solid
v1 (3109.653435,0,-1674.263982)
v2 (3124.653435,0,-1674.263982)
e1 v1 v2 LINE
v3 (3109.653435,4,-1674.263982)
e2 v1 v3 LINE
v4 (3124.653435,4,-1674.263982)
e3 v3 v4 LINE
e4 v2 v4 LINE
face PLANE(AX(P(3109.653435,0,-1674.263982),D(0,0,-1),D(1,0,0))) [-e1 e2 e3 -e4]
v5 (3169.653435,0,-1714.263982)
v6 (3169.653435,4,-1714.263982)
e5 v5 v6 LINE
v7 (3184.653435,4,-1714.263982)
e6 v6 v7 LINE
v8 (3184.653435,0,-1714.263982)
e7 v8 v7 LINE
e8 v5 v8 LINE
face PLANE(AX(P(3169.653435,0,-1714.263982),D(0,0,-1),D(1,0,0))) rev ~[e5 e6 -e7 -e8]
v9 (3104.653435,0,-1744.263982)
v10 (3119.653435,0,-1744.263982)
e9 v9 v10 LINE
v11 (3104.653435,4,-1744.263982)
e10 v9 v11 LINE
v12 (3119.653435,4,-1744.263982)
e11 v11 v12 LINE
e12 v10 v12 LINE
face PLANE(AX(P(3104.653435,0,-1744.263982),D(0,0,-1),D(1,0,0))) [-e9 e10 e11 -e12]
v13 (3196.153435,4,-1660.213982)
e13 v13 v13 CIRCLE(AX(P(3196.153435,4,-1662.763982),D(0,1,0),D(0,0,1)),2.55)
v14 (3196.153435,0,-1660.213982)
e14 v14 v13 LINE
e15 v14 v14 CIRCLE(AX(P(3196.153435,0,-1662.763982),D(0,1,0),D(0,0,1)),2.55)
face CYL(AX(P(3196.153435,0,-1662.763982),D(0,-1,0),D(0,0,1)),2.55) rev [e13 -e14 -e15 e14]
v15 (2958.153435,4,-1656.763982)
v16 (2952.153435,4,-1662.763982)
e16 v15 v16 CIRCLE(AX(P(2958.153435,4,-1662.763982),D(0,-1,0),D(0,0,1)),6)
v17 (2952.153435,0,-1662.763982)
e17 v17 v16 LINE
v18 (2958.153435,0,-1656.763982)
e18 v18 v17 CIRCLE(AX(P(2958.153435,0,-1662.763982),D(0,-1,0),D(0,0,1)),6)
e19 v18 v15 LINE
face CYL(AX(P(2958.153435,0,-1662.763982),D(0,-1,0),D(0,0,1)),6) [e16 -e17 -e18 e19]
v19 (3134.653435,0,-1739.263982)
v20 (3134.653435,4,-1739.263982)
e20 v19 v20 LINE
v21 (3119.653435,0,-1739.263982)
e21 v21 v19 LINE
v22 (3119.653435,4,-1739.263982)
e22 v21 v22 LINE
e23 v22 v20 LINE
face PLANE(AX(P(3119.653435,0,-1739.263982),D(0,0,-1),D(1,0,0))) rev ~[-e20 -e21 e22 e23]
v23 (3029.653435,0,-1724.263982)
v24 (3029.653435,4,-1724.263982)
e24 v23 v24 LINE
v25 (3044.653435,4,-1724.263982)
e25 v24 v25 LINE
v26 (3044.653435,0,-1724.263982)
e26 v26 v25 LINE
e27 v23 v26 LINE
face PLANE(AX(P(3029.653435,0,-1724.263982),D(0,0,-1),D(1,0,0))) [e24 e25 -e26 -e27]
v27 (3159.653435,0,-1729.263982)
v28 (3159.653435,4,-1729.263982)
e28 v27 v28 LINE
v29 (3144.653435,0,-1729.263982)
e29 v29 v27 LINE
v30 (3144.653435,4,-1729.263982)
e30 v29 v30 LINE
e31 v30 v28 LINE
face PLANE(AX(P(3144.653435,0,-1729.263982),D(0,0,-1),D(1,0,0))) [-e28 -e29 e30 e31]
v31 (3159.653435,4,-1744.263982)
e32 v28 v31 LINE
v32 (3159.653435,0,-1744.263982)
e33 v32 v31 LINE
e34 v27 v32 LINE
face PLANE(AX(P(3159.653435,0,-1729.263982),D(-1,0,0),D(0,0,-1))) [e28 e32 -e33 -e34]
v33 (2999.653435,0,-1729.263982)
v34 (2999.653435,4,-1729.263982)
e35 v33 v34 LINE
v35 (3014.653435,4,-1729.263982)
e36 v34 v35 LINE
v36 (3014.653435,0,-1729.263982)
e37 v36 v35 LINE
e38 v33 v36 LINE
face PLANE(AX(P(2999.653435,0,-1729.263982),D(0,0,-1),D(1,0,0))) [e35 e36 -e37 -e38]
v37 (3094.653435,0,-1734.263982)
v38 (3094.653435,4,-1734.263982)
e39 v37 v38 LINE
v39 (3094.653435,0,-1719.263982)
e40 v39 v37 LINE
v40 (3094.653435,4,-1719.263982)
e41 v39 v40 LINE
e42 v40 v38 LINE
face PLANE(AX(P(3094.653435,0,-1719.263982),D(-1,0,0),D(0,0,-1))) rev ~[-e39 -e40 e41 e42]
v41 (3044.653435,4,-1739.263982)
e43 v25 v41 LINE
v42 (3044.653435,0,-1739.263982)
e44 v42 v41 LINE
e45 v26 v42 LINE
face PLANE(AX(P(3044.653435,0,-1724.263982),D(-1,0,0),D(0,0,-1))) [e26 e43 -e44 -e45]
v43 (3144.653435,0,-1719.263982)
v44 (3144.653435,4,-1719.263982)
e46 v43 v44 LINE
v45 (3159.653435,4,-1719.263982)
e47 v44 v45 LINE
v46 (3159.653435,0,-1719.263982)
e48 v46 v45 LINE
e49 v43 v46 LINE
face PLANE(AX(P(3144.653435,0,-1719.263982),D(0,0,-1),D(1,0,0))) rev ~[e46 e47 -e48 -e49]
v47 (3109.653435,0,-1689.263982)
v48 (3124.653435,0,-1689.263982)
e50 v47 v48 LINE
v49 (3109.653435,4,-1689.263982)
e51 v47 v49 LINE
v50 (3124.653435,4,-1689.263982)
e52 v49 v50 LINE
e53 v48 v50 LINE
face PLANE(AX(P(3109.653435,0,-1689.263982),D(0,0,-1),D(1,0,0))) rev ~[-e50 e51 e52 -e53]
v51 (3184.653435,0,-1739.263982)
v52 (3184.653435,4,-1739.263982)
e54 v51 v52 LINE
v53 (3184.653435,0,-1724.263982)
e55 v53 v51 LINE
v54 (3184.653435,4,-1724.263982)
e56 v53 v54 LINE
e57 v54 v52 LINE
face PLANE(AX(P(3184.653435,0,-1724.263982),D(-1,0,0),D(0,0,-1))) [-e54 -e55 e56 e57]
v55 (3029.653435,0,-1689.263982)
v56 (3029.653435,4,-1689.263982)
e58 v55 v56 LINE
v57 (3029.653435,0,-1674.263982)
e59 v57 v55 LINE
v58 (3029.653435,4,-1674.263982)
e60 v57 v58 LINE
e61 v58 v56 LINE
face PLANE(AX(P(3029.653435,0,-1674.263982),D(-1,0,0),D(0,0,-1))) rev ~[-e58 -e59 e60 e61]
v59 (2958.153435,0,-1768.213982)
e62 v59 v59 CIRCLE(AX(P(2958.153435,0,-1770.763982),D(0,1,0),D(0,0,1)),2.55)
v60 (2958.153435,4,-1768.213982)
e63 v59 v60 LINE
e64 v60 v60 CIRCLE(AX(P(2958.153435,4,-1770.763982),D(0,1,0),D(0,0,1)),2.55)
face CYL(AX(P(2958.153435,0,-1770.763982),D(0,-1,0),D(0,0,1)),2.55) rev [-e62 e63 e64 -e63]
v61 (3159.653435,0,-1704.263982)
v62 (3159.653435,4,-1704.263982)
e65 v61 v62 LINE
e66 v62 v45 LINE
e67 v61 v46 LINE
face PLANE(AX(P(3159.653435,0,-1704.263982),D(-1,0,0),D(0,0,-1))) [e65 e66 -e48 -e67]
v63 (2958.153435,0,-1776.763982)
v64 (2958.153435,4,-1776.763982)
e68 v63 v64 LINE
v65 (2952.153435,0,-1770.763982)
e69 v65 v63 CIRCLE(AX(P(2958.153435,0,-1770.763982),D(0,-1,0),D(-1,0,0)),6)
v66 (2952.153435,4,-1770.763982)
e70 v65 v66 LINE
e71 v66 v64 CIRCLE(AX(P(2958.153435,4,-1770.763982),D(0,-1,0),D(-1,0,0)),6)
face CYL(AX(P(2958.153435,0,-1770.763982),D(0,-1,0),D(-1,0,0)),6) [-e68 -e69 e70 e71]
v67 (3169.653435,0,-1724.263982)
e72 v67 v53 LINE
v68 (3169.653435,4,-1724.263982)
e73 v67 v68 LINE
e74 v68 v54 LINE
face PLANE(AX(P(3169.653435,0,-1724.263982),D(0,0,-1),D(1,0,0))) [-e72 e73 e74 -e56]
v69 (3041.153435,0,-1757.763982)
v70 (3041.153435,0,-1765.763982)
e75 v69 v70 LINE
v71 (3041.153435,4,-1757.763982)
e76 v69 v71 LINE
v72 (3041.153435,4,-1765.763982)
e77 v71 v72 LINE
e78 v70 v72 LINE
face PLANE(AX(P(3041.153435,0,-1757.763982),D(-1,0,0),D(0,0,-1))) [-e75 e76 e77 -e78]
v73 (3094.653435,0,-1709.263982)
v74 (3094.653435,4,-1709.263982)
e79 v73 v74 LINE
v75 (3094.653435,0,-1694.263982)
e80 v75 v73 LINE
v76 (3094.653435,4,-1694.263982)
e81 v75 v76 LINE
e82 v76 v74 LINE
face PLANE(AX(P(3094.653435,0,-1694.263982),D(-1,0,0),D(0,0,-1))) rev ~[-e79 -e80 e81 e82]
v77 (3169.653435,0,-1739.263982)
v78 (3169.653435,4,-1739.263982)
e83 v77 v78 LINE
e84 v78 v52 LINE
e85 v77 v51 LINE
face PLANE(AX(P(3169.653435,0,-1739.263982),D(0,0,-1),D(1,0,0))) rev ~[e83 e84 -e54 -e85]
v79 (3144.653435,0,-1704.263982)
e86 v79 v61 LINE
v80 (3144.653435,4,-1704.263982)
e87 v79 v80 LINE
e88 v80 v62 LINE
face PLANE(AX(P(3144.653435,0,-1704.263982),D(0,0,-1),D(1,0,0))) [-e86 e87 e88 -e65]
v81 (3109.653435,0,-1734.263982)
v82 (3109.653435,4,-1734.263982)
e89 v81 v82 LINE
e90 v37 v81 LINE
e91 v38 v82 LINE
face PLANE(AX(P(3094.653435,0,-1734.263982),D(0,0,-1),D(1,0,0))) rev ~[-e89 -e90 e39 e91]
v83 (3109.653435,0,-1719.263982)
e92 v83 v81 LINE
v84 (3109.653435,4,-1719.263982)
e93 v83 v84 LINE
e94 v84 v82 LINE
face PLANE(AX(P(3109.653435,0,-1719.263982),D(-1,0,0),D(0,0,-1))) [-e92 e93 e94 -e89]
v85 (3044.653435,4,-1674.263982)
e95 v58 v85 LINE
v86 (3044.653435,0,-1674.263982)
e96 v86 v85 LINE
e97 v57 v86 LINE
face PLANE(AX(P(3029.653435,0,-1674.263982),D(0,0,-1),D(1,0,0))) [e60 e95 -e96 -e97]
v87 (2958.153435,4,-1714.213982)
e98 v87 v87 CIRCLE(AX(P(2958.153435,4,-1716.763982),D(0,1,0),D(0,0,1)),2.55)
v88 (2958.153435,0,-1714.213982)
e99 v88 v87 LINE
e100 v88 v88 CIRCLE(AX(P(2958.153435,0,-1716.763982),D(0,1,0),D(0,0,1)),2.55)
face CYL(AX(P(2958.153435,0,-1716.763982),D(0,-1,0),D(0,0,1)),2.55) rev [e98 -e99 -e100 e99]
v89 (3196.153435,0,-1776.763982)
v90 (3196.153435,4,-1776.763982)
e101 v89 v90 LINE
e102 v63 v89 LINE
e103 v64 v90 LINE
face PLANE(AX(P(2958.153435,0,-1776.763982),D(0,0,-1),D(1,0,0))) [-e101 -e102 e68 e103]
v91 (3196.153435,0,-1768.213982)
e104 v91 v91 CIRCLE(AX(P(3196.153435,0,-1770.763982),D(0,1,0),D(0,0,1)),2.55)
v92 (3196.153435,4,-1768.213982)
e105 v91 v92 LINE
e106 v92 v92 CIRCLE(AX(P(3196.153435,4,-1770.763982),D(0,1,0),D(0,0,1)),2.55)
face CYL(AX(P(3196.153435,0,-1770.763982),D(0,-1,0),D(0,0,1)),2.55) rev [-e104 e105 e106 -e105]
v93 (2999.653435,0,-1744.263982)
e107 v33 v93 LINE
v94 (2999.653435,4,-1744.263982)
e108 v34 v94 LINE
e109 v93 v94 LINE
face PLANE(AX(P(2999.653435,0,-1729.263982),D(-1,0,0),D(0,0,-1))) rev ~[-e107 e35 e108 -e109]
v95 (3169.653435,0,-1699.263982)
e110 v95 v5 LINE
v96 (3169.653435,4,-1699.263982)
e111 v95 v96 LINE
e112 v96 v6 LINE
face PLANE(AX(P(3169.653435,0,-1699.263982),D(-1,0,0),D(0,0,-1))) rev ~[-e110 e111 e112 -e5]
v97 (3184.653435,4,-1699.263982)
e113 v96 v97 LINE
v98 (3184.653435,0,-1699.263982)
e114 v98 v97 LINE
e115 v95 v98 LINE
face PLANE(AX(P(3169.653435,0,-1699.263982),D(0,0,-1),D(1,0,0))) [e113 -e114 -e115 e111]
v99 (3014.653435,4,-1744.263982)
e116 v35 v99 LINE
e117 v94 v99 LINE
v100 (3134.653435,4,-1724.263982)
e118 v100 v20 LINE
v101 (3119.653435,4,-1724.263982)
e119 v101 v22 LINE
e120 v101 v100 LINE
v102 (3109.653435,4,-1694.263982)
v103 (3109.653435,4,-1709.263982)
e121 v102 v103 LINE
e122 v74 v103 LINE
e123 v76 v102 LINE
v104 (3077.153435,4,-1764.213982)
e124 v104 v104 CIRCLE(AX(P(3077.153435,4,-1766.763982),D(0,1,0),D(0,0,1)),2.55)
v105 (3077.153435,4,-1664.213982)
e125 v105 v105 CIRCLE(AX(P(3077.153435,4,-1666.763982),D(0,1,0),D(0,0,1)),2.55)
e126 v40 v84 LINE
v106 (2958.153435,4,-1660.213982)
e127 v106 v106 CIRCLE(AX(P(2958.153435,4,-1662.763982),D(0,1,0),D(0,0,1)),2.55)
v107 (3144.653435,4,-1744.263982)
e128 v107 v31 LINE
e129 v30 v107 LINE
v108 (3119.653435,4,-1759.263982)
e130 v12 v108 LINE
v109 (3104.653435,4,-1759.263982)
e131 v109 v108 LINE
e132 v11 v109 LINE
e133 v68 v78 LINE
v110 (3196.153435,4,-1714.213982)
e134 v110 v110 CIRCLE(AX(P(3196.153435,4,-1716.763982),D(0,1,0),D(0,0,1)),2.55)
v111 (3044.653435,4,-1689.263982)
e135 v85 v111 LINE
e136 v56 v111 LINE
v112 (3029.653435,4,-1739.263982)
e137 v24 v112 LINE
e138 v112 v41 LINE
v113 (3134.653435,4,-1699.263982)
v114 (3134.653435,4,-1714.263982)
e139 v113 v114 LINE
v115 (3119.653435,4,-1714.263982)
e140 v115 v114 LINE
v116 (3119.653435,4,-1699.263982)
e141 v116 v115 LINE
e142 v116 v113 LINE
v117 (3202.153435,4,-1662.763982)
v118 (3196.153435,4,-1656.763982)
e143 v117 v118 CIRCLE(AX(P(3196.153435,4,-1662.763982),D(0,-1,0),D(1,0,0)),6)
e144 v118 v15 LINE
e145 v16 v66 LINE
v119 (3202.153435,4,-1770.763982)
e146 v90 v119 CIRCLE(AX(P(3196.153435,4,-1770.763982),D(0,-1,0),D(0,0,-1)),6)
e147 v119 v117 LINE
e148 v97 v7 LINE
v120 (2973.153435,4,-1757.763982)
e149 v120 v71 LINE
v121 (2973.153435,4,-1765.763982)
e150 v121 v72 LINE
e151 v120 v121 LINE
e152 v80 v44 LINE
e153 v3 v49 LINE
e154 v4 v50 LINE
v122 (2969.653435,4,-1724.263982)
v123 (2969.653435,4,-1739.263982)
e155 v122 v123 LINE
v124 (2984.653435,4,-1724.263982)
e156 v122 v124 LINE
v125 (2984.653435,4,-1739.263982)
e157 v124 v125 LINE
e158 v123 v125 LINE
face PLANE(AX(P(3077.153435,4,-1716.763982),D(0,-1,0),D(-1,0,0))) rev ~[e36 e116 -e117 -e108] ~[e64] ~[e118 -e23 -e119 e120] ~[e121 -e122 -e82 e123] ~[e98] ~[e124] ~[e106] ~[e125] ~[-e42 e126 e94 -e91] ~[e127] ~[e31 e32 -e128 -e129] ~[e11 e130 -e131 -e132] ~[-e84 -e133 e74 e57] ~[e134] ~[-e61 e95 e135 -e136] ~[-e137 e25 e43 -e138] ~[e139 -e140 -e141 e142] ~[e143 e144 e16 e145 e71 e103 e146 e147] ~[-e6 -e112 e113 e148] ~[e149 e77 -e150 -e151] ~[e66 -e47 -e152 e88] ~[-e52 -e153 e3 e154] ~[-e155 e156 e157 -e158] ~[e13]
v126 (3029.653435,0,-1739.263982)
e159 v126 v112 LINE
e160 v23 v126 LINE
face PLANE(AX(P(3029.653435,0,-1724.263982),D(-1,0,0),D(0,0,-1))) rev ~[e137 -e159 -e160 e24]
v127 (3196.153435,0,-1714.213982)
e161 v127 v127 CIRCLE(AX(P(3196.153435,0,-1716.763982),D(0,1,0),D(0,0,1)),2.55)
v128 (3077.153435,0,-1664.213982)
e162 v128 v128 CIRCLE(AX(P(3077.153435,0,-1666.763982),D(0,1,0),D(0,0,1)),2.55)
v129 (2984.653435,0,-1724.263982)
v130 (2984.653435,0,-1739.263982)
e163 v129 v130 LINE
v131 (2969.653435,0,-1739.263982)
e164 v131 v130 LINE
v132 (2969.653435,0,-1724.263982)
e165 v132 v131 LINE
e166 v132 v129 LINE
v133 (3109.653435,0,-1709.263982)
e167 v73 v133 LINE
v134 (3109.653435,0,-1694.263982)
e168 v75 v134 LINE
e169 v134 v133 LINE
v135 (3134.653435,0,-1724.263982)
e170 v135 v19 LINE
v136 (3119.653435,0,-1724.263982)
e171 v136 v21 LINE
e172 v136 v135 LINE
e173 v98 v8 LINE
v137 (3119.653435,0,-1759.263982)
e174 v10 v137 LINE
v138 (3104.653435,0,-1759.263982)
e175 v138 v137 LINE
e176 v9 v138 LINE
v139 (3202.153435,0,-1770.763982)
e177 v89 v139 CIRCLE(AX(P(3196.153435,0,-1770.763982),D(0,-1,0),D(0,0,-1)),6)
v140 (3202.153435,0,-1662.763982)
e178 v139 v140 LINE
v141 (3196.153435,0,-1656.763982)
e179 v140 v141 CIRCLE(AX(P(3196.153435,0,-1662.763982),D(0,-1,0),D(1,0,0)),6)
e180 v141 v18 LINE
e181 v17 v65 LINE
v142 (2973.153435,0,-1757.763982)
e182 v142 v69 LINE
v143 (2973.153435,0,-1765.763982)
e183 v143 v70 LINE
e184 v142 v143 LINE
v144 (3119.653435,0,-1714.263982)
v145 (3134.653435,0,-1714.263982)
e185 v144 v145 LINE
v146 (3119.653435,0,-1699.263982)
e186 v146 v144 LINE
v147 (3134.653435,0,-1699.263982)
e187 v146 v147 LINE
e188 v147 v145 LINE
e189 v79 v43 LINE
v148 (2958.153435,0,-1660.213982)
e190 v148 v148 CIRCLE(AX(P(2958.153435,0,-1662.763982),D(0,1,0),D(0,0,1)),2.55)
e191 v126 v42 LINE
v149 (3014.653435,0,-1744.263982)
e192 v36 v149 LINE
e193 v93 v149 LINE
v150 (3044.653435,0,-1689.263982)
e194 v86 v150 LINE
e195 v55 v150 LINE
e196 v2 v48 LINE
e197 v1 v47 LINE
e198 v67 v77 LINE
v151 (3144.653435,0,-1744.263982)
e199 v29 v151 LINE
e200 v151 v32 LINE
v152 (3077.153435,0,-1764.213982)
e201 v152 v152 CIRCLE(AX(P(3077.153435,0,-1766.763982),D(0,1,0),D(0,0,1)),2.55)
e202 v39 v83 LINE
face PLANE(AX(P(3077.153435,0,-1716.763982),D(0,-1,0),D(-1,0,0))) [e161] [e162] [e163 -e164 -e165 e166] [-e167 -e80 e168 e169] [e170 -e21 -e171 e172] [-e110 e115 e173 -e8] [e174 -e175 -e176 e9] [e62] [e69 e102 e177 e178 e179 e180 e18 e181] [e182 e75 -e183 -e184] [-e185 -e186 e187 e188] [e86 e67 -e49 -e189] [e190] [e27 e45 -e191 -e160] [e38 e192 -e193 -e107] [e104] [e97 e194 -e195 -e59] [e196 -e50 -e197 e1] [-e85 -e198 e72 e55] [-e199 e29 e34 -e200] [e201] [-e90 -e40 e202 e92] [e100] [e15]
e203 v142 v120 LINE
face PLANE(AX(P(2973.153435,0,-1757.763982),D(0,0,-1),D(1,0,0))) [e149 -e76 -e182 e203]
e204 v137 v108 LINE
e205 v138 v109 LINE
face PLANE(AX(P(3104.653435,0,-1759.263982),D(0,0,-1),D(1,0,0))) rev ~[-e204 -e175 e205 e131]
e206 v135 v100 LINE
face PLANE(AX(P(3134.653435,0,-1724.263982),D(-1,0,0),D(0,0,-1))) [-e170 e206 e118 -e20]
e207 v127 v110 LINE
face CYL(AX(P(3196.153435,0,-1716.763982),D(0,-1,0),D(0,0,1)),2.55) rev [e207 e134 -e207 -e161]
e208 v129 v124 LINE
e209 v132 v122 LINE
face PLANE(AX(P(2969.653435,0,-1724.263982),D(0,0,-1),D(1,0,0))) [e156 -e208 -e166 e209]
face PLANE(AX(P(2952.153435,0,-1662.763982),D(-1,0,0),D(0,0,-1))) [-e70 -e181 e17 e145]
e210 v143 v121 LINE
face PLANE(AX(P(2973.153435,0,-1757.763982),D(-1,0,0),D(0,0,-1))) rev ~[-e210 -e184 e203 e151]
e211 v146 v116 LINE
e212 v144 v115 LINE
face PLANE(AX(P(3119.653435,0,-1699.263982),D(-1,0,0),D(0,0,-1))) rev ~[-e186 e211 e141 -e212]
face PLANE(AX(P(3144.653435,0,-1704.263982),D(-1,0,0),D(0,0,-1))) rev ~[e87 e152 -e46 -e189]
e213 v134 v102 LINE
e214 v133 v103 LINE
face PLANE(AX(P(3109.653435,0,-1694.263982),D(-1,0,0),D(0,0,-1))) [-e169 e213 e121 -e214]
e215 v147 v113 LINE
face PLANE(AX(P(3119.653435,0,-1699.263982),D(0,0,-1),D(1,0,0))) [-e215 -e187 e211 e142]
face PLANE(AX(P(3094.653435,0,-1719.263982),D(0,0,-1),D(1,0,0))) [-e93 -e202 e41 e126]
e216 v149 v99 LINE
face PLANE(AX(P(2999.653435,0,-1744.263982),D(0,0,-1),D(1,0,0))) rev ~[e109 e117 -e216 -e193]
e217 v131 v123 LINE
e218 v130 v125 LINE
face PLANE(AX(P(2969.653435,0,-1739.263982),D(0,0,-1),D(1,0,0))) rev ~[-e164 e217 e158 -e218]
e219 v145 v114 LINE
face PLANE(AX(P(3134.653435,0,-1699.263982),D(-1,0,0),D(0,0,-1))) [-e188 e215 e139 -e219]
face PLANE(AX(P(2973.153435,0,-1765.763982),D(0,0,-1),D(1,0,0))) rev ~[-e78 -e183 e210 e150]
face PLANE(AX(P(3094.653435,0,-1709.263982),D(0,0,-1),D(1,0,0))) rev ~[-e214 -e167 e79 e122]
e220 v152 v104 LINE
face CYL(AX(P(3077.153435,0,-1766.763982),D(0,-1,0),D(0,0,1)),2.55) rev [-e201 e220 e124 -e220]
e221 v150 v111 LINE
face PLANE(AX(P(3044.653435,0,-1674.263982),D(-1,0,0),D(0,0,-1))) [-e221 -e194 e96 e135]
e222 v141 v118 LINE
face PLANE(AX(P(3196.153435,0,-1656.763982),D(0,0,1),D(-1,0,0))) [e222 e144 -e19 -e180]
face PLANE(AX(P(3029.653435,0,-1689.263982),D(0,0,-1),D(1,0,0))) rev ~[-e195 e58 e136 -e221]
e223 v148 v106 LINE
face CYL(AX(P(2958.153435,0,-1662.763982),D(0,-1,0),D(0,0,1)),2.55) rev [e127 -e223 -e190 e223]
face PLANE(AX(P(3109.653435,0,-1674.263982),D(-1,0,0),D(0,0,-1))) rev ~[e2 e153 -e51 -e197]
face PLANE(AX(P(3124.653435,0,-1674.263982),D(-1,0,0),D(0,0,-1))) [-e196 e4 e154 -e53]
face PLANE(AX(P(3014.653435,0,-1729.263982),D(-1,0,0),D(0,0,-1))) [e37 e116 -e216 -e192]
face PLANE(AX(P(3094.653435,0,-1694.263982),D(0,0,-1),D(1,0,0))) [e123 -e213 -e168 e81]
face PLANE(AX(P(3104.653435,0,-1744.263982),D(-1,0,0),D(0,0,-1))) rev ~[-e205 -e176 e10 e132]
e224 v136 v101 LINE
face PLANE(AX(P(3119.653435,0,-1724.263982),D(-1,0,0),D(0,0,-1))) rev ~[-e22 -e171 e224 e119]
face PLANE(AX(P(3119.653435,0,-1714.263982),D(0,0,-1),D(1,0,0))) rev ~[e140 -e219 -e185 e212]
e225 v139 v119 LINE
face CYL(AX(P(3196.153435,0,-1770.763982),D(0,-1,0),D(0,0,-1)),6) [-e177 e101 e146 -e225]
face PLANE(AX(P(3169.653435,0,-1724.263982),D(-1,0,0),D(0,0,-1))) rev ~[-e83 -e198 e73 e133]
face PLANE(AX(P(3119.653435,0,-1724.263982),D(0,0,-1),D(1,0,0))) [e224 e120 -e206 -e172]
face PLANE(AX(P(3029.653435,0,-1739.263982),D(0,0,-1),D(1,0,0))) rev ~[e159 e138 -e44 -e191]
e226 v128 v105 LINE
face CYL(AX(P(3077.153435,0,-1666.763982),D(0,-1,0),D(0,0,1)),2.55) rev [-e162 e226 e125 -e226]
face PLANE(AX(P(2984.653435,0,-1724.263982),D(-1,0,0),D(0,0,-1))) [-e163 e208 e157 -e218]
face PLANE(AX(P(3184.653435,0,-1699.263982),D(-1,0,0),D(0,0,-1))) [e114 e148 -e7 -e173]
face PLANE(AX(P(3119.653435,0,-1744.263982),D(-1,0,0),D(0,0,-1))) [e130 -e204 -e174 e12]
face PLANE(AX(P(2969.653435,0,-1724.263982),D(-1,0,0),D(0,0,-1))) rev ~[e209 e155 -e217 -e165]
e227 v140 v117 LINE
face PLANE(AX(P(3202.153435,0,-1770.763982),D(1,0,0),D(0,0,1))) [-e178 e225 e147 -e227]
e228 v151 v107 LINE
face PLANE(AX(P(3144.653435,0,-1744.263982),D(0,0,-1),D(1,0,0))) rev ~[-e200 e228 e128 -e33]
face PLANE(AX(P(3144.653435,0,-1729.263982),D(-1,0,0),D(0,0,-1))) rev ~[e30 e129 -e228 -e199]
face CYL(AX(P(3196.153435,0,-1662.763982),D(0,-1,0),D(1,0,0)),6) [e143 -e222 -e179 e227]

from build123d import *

# Parameters (mm, degrees)
SKETCH_1_R      = 2.55
SKETCH_1_W      = 15
SKETCH_1_H      = 15
SKETCH_1_W_2    = 68
SKETCH_1_H_2    = 8
EXTRUDE_1_DEPTH = 4


with BuildPart() as part:
    # 草图1 → 凸台-拉伸1 (new body)
    with BuildSketch(Plane(origin=(0, 0, 0), x_dir=(1, 0, 0), z_dir=(0, 1, 0))):
        with BuildLine():
            Line((2958.153435269, 1776.763982112), (3196.153435269, 1776.763982112))
            ThreePointArc((3196.153435269, 1776.763982112), (3200.396075956, 1775.006622799), (3202.153435269, 1770.763982112))
            Line((3202.153435269, 1770.763982112), (3202.153435269, 1662.763982112))
            ThreePointArc((3202.153435269, 1662.763982112), (3200.396075956, 1658.521341424), (3196.153435269, 1656.763982112))
            Line((3196.153435269, 1656.763982112), (2958.153435269, 1656.763982112))
            ThreePointArc((2958.153435269, 1656.763982112), (2953.910794582, 1658.521341424), (2952.153435269, 1662.763982112))
            Line((2952.153435269, 1662.763982112), (2952.153435269, 1770.763982112))
            ThreePointArc((2952.153435269, 1770.763982112), (2953.910794582, 1775.006622799), (2958.153435269, 1776.763982112))
        make_face()
        with Locations(Location((2958.153435269, 1770.763982112, 0), (0, 0, 270))):
            Circle(SKETCH_1_R, mode=Mode.SUBTRACT)
        with Locations(Location((3196.153435269, 1770.763982112, 0), (0, 0, 270))):
            Circle(SKETCH_1_R, mode=Mode.SUBTRACT)
        with Locations(Location((3077.153435269, 1766.763982112, 0), (0, 0, 270))):
            Circle(SKETCH_1_R, mode=Mode.SUBTRACT)
        with Locations(Location((2958.153435269, 1662.763982112, 0), (0, 0, 270))):
            Circle(SKETCH_1_R, mode=Mode.SUBTRACT)
        with Locations(Location((3196.153435269, 1662.763982112, 0), (0, 0, 270))):
            Circle(SKETCH_1_R, mode=Mode.SUBTRACT)
        with Locations(Location((3077.153435269, 1666.763982112, 0), (0, 0, 270))):
            Circle(SKETCH_1_R, mode=Mode.SUBTRACT)
        with Locations(Location((3196.153435269, 1716.763982112, 0), (0, 0, 270))):
            Circle(SKETCH_1_R, mode=Mode.SUBTRACT)
        with Locations(Location((2958.153435269, 1716.763982112, 0), (0, 0, 270))):
            Circle(SKETCH_1_R, mode=Mode.SUBTRACT)
        with Locations((2977.153435269, 1731.763982112)):
            Rectangle(SKETCH_1_W, SKETCH_1_H, mode=Mode.SUBTRACT)
        with Locations((3007.153435269, 1736.763982112)):
            Rectangle(SKETCH_1_W, SKETCH_1_H, mode=Mode.SUBTRACT)
        with Locations((3102.153435269, 1726.763982112)):
            Rectangle(SKETCH_1_W, SKETCH_1_H, mode=Mode.SUBTRACT)
        with Locations((3037.153435269, 1681.763982112)):
            Rectangle(SKETCH_1_W, SKETCH_1_H, mode=Mode.SUBTRACT)
        with Locations((3037.153435269, 1731.763982112)):
            Rectangle(SKETCH_1_W, SKETCH_1_H, mode=Mode.SUBTRACT)
        with Locations((3112.153435269, 1751.763982112)):
            Rectangle(SKETCH_1_W, SKETCH_1_H, mode=Mode.SUBTRACT)
        with Locations((3127.153435269, 1731.763982112)):
            Rectangle(SKETCH_1_W, SKETCH_1_H, mode=Mode.SUBTRACT)
        with Locations((3152.153435269, 1736.763982112)):
            Rectangle(SKETCH_1_W, SKETCH_1_H, mode=Mode.SUBTRACT)
        with Locations((3127.153435269, 1706.763982112)):
            Rectangle(SKETCH_1_W, SKETCH_1_H, mode=Mode.SUBTRACT)
        with Locations((3177.153435269, 1706.763982112)):
            Rectangle(SKETCH_1_W, SKETCH_1_H, mode=Mode.SUBTRACT)
        with Locations((3152.153435269, 1711.763982112)):
            Rectangle(SKETCH_1_W, SKETCH_1_H, mode=Mode.SUBTRACT)
        with Locations((3102.153435269, 1701.763982112)):
            Rectangle(SKETCH_1_W, SKETCH_1_H, mode=Mode.SUBTRACT)
        with Locations((3117.153435269, 1681.763982112)):
            Rectangle(SKETCH_1_W, SKETCH_1_H, mode=Mode.SUBTRACT)
        with Locations((3177.153435269, 1731.763982112)):
            Rectangle(SKETCH_1_W, SKETCH_1_H, mode=Mode.SUBTRACT)
        with Locations((3007.153435269, 1761.763982112)):
            Rectangle(SKETCH_1_W_2, SKETCH_1_H_2, mode=Mode.SUBTRACT)
    extrude(amount=EXTRUDE_1_DEPTH)


solid = part.part
